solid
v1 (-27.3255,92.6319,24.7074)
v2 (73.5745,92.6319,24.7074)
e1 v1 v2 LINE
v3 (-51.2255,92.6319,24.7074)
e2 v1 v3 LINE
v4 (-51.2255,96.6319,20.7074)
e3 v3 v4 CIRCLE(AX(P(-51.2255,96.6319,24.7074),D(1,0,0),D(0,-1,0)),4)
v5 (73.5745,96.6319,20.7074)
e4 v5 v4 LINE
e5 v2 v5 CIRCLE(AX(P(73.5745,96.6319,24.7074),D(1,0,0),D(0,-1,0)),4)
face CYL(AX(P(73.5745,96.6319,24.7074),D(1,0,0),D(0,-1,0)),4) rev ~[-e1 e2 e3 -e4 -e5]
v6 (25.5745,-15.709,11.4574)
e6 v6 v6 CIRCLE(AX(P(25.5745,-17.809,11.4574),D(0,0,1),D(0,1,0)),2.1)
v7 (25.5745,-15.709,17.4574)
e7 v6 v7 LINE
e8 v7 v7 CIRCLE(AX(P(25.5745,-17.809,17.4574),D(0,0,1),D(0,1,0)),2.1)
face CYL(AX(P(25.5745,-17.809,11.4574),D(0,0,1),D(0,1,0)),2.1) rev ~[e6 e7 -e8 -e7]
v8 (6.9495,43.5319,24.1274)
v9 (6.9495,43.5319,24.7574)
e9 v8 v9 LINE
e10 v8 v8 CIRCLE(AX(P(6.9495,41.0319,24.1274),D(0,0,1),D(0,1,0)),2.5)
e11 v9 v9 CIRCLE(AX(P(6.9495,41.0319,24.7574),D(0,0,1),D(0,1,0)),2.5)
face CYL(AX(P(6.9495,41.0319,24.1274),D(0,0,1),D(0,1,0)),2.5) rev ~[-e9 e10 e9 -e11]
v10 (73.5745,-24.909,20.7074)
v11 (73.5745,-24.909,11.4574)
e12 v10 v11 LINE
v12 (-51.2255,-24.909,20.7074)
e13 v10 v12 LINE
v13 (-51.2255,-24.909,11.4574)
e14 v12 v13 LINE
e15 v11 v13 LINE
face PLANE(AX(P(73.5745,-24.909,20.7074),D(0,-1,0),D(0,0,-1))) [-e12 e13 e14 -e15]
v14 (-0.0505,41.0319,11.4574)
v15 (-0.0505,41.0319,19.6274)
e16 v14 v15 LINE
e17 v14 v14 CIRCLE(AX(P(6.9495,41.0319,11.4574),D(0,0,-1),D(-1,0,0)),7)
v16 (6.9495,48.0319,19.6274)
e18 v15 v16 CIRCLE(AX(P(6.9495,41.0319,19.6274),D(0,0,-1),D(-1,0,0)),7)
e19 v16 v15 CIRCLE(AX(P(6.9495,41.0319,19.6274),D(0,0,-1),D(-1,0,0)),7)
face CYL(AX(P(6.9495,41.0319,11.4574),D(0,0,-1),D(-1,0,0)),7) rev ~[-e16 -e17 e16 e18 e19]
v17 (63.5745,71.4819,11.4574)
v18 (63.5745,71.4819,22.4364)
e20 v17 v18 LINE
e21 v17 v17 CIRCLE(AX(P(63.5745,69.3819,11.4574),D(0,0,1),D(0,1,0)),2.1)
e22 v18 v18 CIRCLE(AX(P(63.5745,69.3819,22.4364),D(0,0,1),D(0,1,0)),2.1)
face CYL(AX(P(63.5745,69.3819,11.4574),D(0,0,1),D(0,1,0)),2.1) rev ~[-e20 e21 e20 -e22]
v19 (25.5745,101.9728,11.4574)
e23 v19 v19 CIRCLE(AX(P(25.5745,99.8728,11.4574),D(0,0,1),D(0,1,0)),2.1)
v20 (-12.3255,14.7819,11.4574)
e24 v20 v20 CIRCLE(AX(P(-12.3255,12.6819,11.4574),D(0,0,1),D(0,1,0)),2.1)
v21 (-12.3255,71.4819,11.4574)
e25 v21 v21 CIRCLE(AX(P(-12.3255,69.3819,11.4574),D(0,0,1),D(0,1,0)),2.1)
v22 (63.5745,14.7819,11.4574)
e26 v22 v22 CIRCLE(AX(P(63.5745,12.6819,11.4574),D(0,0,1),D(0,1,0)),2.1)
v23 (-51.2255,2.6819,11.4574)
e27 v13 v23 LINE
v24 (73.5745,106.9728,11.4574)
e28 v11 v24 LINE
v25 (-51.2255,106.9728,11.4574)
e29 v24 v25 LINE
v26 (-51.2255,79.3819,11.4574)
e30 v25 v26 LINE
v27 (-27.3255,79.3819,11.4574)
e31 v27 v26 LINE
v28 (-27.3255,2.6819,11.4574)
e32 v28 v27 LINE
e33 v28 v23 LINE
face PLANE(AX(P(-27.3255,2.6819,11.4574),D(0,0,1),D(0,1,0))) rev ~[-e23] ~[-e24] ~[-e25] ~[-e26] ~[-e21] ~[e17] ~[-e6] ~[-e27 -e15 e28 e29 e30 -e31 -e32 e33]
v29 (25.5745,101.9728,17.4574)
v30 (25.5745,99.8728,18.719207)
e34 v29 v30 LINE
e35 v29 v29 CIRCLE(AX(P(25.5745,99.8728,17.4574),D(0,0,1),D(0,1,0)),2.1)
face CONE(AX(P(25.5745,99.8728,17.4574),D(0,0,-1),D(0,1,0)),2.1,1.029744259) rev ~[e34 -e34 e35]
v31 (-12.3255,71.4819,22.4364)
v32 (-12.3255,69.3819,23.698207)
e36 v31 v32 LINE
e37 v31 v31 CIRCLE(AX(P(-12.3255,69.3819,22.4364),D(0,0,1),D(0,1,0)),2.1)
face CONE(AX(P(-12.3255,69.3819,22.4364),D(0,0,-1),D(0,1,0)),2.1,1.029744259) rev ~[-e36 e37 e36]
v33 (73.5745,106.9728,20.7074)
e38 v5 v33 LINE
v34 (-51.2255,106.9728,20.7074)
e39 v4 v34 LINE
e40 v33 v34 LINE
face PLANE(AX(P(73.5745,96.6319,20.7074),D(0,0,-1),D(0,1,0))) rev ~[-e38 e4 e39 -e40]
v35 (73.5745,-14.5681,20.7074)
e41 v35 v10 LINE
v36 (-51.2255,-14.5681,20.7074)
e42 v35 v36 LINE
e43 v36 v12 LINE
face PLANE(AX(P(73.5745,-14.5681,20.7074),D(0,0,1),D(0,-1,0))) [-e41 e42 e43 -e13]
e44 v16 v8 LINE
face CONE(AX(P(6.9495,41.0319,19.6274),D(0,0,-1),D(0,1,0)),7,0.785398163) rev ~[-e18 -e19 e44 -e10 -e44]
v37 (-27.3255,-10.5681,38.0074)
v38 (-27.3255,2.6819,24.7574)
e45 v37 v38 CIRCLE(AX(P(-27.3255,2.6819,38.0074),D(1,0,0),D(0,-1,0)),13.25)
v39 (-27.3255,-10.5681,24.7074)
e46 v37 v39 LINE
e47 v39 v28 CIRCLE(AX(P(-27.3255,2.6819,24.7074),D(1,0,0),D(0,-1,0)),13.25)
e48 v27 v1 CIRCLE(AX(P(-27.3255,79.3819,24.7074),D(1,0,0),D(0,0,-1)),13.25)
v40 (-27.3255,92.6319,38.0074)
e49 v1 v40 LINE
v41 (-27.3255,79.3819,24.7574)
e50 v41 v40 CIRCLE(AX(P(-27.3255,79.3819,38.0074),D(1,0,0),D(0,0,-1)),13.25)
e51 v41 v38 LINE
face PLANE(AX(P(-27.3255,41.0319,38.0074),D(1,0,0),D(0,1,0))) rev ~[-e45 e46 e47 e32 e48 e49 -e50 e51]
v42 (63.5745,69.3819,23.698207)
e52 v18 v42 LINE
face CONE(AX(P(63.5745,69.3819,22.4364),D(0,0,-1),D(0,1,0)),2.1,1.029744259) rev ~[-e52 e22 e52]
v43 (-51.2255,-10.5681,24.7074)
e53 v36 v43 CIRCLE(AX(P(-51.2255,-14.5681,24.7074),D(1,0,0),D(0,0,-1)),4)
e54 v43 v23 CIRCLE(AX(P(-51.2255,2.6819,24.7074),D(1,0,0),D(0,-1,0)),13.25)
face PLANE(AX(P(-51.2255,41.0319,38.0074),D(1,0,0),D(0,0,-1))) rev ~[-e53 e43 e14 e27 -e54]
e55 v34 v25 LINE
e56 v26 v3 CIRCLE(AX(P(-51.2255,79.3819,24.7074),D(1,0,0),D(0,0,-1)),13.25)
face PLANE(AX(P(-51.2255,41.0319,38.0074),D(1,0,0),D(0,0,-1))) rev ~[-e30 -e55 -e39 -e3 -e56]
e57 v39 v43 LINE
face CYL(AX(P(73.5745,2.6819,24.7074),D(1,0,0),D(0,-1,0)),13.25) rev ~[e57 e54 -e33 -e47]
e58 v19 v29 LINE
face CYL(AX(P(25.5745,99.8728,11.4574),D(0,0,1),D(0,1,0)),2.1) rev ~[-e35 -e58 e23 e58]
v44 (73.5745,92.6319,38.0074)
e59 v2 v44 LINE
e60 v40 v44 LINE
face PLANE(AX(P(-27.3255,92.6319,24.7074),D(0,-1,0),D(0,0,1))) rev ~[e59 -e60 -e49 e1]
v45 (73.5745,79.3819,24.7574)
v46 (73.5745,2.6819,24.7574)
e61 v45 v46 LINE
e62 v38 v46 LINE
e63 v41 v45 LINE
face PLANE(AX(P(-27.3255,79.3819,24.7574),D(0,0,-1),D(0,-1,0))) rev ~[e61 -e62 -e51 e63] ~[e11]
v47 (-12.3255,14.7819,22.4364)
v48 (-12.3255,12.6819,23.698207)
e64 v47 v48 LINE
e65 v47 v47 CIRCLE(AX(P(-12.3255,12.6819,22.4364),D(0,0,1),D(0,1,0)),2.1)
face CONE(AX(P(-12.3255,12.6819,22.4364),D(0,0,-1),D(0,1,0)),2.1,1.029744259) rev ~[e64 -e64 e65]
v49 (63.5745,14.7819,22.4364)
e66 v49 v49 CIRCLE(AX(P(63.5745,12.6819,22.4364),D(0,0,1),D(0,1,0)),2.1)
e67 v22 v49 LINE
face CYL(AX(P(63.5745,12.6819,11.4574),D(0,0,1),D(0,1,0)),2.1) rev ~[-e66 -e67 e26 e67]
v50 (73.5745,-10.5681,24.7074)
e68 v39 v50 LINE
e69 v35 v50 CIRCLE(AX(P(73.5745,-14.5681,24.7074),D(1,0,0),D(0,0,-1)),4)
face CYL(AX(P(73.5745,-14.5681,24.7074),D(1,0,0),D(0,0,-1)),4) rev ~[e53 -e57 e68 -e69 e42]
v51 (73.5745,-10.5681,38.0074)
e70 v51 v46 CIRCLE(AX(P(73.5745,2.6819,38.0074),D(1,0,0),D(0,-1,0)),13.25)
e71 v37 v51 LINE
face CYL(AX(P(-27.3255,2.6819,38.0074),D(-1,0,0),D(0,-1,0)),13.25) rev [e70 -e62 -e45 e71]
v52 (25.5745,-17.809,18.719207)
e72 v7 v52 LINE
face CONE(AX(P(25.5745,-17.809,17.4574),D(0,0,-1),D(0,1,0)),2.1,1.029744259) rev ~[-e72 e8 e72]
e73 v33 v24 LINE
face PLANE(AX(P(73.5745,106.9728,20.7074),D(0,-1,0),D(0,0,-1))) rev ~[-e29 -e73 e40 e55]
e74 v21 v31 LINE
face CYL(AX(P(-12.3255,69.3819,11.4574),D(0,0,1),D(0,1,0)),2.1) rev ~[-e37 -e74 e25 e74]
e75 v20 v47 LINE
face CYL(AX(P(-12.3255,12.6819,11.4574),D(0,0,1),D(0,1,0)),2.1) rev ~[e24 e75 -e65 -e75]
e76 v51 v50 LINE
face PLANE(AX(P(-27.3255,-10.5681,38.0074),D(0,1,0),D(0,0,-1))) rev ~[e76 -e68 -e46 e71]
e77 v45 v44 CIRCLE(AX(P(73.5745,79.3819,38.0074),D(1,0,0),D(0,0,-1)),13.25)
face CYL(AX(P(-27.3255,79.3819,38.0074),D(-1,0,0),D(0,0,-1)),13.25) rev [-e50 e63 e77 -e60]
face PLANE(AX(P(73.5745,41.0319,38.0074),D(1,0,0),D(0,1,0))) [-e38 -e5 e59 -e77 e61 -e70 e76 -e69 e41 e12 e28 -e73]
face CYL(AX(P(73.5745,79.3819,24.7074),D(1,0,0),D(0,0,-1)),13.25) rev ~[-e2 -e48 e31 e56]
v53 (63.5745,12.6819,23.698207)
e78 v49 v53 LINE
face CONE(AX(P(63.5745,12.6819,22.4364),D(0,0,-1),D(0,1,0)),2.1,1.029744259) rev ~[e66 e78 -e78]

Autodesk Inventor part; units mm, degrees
ref_plane "YZ Plane" through (0, 0, 0) normal (1, 0, 0) x (0, 1, 0)
ref_plane "作業平面1" through (-27.3255, 41.0319, 38.0074) normal (1, 0, 0) x (0, 1, 0)
sketch "スケッチ2" plane through (-27.3255, 41.0319, 38.0074) normal (1, 0, 0) x (0, 1, 0)
  arc A0 (-51.6, -13.3) -> (-38.35, -26.55) centre (-38.35, -13.3) ccw
  line L0 (-51.6, 0) -> (-51.6, -13.3)
  arc A1 (-51.6, 0) -> (-38.35, -13.25) centre (-38.35, 0) ccw
  line L1 (38.35, -13.25) -> (-38.35, -13.25)
  arc A2 (38.35, -13.25) -> (51.6, 0) centre (38.35, 0) ccw
  line L2 (51.6, -13.3) -> (51.6, 0)
  arc A3 (38.35, -26.55) -> (51.6, -13.3) centre (38.35, -13.3) ccw
  line L3 (-38.35, -26.55) -> (38.35, -26.55)
  point P0 (-41.0319, -38.0074)
extrude "押し出し1" add sketch "スケッチ2" along normal blind 100.9
sketch "スケッチ3" plane through (-27.3255, 2.6819, 11.4574) normal (0, 0, -1) x (-1, 0, 0)
  line L0 (0, 76.7) -> (-100.9, 76.7) projected
  line L1 (-100.9, 0) -> (-100.9, 76.7) projected
  line L2 (0, 0) -> (-100.9, 0) projected
  line L3 (0, 76.7) -> (0, 0) projected
  point P0 (-27.3255, -2.6819)
  point P1 (-90.9, 66.7)
  point P2 (-90.9, 10)
  point P3 (-15, 10)
  point P4 (-15, 66.7)
  dimension "d2" = 10
  dimension "d3" = 10
  dimension "d4" = 10
  dimension "d5" = 10
  dimension "d6" = 10
  dimension "d7" = 15
  dimension "d8" = 15
  dimension "d9" = 10
hole "穴2" at (63.5745, 69.3819, 11.4574) at (63.5745, 12.6819, 11.4574) at (-12.3255, 12.6819, 11.4574) at (-12.3255, 69.3819, 11.4574) direction (0, 0, 1) diameter 4.2 depth 10.979 tip angle 118
sketch "スケッチ4" plane through (-27.3255, 2.6819, 11.4574) normal (0, 0, -1) x (-1, 0, 0)
  circle A0 centre (-34.275, 38.35) radius 4.175 projected
  circle A1 centre (-34.275, 38.35) radius 3.35
  point P0 (-27.3255, -2.6819)
  dimension "d24" = 6.7
  dimension "d44" = 8.35
hole "穴3" [suppressed]
sketch "スケッチ6" plane through (73.5745, 41.0319, 38.0074) normal (1, 0, 0) x (0, 0, -1)
  line L0 (0, -51.6) -> (13.3, -51.6) projected
  line L1 (13.3, 51.6) -> (0, 51.6) projected
  line L2 (26.55, -38.35) -> (26.55, 38.35) projected
  arc A0 (13.3, 51.6) -> (17.3, 55.6) centre (13.3, 55.6) ccw
  line L3 (17.3, 55.6) -> (17.3, 65.9409)
  line L4 (17.3, 65.9409) -> (26.55, 65.9409)
  line L5 (26.55, 65.9409) -> (26.55, 38.35)
  line L6 (26.55, 0) -> (-17.064, 0) construction
  arc A1 (17.3, -55.6) -> (13.3, -51.6) centre (13.3, -55.6) ccw
  line L7 (17.3, -55.6) -> (17.3, -65.9409)
  line L8 (17.3, -65.9409) -> (26.55, -65.9409)
  line L9 (26.55, -65.9409) -> (26.55, -38.35)
  arc A2 (13.3, -51.6) -> (26.55, -38.35) centre (13.3, -38.35) ccw projected
  arc A3 (26.55, 38.35) -> (13.3, 51.6) centre (13.3, 38.35) ccw projected
  point P0 (38.0074, -41.0319)
  dimension "d32" = 90
  dimension "d34" = 4
  dimension "d35" = 38.35
extrude "押し出し2" add sketch "スケッチ6" against normal blind 124.8
ref_plane "作業平面2" through (73.5745, 41.0319, 11.4574) normal (0, -1, 0) x (1, 0, 0)
sketch "スケッチ8" plane through (-27.3255, 2.6819, 11.4574) normal (0, 0, -1) x (-1, 0, 0)
  circle A0 centre (-34.275, 38.35) radius 4.175
  circle A1 centre (-34.275, 38.35) radius 4.175
  circle A2 centre (-34.275, 38.35) radius 4.175
  circle A3 centre (-34.275, 38.35) radius 3.375
  circle A4 centre (-34.275, 38.35) radius 6.7437
  circle A5 centre (-34.275, 38.35) radius 7
  point P0 (-27.3255, -2.6819)
  point P1 (-34.275, 38.35)
  dimension "d65" = 14
sketch "スケッチ9" plane through (-27.3255, 2.6819, 11.4574) normal (0, 0, -1) x (-1, 0, 0)
  circle A0 centre (-15, 66.7) radius 2.1 projected
  circle A1 centre (-15, 10) radius 2.1 projected
  circle A2 centre (-90.9, 10) radius 2.1 projected
  circle A3 centre (-90.9, 66.7) radius 2.1 projected
  line L0 (48.86, 38.35) -> (-125.86, 38.35) projected
  line L1 (-100.9, 104.2909) -> (23.9, 104.2909) projected
  line L2 (0, 89.95) -> (-100.9, 89.95) projected
  point P0 (-27.3255, -2.6819)
  point P1 (-52.9, 97.1909)
  point P2 (-52.9, -20.4909)
  dimension "d54" = 38
  dimension "d55" = 7.1
hole "穴5" at (25.5745, 99.8728, 11.4574) at (25.5745, -17.809, 11.4574) direction (0, 0, 1) diameter 4.2 depth 6 tip angle 118
extrude "押し出し4" cut sketch "スケッチ8" against normal blind 8.17 contours A0 | A3 | A4 | A5
sketch "スケッチ11" plane through (6.9495, 41.0319, 19.6274) normal (0, 0, -1) x (-1, 0, 0)
  circle A0 centre (0, 0) radius 7 projected
  point P0 (6.9495, -41.0319)
hole "穴6" at (6.9495, 41.0319, 19.6274) direction (0, 0, 1) diameter 5 depth 6 tip angle 118 countersink diameter 14 countersink angle 90
properties part number "AzureKinectCradle"
